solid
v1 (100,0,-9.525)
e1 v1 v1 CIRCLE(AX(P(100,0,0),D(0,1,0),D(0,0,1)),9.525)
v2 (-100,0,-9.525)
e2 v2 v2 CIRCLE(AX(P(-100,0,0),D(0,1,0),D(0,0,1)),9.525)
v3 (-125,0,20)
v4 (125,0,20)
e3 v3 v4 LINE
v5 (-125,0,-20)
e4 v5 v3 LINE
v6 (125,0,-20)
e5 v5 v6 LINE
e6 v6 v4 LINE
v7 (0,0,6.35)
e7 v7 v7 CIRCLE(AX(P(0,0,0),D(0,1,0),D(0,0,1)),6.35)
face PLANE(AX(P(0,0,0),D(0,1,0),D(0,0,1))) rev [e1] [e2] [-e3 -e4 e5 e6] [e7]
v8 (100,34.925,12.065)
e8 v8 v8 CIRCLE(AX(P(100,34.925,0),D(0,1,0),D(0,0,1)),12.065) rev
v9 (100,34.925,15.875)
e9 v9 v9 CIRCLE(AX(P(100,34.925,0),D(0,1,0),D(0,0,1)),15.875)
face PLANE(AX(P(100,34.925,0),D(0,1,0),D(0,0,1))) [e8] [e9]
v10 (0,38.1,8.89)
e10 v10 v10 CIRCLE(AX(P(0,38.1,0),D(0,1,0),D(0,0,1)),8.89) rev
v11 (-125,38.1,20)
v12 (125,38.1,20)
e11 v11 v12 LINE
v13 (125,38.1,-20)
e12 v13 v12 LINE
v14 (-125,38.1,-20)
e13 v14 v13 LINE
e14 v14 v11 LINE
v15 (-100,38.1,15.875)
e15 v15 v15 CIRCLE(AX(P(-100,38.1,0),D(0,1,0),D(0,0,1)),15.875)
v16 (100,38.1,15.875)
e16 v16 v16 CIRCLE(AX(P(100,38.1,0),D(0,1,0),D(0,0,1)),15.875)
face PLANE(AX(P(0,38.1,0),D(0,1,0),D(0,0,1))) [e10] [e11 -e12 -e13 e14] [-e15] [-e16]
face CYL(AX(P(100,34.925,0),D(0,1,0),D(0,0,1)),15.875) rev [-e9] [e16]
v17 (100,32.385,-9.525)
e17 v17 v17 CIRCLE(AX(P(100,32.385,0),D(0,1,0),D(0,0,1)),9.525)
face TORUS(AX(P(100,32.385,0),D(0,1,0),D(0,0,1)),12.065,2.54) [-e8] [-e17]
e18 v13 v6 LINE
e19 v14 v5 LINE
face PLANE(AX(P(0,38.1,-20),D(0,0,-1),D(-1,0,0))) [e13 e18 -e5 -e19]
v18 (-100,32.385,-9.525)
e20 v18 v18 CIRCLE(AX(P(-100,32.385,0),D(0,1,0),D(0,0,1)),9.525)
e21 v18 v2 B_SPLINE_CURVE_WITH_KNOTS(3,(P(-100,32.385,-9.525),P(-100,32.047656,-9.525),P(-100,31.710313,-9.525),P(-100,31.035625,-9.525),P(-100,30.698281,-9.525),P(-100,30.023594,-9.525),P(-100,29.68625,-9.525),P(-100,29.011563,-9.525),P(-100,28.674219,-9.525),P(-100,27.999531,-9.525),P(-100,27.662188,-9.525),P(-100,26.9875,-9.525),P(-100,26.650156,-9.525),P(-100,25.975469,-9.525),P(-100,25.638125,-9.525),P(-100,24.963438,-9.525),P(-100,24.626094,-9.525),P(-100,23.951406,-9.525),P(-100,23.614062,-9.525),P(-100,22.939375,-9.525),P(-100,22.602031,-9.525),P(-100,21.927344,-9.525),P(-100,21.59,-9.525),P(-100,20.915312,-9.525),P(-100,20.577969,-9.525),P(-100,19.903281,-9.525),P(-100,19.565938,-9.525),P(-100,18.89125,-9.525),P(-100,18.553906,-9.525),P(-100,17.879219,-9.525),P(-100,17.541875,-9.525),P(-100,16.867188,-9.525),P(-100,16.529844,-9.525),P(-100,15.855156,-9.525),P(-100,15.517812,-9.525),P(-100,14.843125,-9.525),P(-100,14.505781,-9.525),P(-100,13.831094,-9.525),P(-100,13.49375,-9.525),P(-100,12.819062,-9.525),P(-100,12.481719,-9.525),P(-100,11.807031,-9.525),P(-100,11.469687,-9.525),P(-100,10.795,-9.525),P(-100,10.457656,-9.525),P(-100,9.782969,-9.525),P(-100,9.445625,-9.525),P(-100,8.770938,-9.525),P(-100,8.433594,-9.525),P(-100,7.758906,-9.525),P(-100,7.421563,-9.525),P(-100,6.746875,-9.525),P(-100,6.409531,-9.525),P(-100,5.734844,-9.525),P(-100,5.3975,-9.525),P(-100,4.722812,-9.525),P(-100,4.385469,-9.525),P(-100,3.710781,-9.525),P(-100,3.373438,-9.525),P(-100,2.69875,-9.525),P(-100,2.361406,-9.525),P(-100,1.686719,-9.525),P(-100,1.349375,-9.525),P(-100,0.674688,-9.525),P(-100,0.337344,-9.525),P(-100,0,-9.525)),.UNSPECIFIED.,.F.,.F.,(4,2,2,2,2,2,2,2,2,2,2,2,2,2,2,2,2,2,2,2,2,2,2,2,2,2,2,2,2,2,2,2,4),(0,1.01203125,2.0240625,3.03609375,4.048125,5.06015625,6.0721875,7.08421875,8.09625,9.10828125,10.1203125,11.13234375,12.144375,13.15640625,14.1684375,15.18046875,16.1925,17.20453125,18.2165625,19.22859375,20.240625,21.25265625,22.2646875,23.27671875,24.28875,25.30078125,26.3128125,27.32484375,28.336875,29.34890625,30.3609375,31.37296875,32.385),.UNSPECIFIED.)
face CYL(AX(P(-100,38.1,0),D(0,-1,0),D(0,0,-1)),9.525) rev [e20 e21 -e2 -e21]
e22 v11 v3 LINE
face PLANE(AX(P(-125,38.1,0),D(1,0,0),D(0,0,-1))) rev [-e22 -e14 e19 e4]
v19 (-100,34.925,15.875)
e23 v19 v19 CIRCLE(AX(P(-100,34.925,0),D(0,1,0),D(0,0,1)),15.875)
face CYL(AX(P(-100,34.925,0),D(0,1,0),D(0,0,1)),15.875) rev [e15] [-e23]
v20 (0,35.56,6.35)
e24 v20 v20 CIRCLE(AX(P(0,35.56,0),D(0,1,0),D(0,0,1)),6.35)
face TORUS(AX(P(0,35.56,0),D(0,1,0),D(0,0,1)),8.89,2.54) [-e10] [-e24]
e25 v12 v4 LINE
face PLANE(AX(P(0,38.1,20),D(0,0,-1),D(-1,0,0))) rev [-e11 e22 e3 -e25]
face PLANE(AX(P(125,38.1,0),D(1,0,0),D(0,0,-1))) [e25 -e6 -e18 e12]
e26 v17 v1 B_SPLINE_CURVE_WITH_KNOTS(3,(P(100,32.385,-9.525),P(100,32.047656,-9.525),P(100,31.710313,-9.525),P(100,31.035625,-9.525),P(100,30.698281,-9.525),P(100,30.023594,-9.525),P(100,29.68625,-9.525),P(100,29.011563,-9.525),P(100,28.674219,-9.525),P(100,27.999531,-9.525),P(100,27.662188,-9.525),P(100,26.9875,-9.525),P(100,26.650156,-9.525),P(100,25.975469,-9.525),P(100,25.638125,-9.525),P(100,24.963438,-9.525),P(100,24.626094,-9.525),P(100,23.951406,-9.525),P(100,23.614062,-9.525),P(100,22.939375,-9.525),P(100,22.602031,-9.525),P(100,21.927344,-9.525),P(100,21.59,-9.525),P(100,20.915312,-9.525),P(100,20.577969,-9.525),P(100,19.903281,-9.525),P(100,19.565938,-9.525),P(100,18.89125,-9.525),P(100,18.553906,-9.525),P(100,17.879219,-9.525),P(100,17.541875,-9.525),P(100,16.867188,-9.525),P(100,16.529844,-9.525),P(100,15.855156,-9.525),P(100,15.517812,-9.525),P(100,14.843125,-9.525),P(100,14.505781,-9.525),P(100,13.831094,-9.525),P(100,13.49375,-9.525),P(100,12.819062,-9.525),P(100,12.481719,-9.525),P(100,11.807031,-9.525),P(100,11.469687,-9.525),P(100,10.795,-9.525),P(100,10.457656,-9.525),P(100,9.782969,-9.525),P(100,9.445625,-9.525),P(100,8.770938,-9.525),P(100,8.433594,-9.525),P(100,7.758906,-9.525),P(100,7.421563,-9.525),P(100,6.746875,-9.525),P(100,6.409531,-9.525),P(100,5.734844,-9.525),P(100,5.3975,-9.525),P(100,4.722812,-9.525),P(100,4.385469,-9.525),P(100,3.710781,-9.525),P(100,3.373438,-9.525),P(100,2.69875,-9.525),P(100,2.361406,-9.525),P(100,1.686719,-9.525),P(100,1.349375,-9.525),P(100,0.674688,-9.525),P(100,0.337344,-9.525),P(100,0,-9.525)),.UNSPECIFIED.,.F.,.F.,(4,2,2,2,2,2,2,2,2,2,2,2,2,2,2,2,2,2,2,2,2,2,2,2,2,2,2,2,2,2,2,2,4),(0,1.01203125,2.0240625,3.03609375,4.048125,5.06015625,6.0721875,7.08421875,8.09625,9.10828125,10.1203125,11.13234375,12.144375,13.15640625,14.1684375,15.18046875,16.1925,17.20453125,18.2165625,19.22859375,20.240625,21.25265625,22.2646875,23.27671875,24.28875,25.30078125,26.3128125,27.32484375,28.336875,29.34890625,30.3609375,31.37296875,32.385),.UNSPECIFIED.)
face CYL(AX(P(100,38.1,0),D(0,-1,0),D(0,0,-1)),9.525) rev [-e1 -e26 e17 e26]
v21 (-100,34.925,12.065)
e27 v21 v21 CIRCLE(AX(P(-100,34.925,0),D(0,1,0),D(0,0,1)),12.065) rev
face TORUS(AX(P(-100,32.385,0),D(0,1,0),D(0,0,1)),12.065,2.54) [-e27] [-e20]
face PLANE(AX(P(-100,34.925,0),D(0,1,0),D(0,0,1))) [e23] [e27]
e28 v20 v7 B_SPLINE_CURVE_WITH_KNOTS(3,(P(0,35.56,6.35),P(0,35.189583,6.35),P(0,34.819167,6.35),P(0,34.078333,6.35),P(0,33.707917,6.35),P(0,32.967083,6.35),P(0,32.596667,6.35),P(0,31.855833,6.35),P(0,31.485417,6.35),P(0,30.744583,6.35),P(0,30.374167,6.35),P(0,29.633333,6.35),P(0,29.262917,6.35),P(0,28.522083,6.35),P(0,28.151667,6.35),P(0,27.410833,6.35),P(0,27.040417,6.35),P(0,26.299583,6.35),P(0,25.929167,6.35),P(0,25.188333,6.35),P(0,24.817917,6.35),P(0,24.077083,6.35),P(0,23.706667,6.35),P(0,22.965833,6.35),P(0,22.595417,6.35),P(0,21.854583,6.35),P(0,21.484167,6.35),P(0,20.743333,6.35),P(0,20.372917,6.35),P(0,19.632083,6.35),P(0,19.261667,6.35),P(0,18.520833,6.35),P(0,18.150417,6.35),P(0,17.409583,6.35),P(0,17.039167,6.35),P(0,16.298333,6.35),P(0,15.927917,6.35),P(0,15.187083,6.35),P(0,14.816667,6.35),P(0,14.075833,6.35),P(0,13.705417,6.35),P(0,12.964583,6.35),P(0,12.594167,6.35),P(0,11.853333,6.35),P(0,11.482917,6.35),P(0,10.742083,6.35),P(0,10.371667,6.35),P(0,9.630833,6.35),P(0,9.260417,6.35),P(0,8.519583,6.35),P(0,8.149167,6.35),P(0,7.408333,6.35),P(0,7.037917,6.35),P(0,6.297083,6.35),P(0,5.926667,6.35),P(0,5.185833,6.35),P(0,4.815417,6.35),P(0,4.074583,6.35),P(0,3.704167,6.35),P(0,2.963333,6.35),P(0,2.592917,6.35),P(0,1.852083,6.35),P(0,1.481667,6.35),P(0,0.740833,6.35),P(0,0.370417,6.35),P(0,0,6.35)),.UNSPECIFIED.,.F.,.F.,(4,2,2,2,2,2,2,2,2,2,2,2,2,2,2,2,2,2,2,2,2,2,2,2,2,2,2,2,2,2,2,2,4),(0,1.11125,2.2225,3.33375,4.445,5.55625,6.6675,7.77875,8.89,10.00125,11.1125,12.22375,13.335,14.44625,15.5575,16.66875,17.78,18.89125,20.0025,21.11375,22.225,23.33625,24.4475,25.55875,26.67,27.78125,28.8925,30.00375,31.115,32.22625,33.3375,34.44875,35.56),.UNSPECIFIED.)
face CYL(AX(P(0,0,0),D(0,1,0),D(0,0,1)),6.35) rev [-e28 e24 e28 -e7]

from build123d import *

# Parameters (mm, degrees)
SKETCH1_W           = 250
SKETCH1_H           = 40
SKETCH1_R           = 9.525
BOSS_EXTRUDE1_DEPTH = 38.1
SKETCH3_R           = 15.875
CUT_EXTRUDE1_DEPTH  = 3.175
SKETCH4_R           = 6.35
CUT_EXTRUDE2_DEPTH  = 133.199130103
FILLET1_R           = 2.54


with BuildPart() as part:
    # Sketch1 → Boss-Extrude1 (new body)
    with BuildSketch(Plane(origin=(0, 0, 0), x_dir=(1, 0, 0), z_dir=(0, 1, 0))):
        Rectangle(SKETCH1_W, SKETCH1_H)
        with Locations(Location((-100, 0, 0), (0, 0, 90))):
            Circle(SKETCH1_R, mode=Mode.SUBTRACT)
        with Locations(Location((100, 0, 0), (0, 0, 90))):
            Circle(SKETCH1_R, mode=Mode.SUBTRACT)
    extrude(amount=BOSS_EXTRUDE1_DEPTH)

    # Sketch3 → Cut-Extrude1 (cut)
    with BuildSketch(Plane(origin=(0, 38.1, 0), x_dir=(1, 0, 0), z_dir=(0, 1, 0))):
        with Locations(Location((-100, 0, 0), (0, 0, 270))):
            Circle(SKETCH3_R)
        with Locations(Location((100, 0, 0), (0, 0, 270))):
            Circle(SKETCH3_R)
    extrude(amount=-CUT_EXTRUDE1_DEPTH, mode=Mode.SUBTRACT)

    # Sketch4 → Cut-Extrude2 (cut, through all)
    with BuildSketch(Plane(origin=(0, 38.1, 0), x_dir=(1, 0, 0), z_dir=(0, 1, 0))):
        with Locations(Location((0, 0, 0), (0, 0, 270))):
            Circle(SKETCH4_R)
    extrude(amount=-CUT_EXTRUDE2_DEPTH, mode=Mode.SUBTRACT)

    # Fillet1
    fillet1_edges = [part.edges().sort_by_distance(p)[0] for p in [
        (-100, 34.925, 9.525),
        (100, 34.925, 9.525),
        (0, 38.1, -6.35),
    ]]
    fillet(fillet1_edges, radius=FILLET1_R)


solid = part.part
